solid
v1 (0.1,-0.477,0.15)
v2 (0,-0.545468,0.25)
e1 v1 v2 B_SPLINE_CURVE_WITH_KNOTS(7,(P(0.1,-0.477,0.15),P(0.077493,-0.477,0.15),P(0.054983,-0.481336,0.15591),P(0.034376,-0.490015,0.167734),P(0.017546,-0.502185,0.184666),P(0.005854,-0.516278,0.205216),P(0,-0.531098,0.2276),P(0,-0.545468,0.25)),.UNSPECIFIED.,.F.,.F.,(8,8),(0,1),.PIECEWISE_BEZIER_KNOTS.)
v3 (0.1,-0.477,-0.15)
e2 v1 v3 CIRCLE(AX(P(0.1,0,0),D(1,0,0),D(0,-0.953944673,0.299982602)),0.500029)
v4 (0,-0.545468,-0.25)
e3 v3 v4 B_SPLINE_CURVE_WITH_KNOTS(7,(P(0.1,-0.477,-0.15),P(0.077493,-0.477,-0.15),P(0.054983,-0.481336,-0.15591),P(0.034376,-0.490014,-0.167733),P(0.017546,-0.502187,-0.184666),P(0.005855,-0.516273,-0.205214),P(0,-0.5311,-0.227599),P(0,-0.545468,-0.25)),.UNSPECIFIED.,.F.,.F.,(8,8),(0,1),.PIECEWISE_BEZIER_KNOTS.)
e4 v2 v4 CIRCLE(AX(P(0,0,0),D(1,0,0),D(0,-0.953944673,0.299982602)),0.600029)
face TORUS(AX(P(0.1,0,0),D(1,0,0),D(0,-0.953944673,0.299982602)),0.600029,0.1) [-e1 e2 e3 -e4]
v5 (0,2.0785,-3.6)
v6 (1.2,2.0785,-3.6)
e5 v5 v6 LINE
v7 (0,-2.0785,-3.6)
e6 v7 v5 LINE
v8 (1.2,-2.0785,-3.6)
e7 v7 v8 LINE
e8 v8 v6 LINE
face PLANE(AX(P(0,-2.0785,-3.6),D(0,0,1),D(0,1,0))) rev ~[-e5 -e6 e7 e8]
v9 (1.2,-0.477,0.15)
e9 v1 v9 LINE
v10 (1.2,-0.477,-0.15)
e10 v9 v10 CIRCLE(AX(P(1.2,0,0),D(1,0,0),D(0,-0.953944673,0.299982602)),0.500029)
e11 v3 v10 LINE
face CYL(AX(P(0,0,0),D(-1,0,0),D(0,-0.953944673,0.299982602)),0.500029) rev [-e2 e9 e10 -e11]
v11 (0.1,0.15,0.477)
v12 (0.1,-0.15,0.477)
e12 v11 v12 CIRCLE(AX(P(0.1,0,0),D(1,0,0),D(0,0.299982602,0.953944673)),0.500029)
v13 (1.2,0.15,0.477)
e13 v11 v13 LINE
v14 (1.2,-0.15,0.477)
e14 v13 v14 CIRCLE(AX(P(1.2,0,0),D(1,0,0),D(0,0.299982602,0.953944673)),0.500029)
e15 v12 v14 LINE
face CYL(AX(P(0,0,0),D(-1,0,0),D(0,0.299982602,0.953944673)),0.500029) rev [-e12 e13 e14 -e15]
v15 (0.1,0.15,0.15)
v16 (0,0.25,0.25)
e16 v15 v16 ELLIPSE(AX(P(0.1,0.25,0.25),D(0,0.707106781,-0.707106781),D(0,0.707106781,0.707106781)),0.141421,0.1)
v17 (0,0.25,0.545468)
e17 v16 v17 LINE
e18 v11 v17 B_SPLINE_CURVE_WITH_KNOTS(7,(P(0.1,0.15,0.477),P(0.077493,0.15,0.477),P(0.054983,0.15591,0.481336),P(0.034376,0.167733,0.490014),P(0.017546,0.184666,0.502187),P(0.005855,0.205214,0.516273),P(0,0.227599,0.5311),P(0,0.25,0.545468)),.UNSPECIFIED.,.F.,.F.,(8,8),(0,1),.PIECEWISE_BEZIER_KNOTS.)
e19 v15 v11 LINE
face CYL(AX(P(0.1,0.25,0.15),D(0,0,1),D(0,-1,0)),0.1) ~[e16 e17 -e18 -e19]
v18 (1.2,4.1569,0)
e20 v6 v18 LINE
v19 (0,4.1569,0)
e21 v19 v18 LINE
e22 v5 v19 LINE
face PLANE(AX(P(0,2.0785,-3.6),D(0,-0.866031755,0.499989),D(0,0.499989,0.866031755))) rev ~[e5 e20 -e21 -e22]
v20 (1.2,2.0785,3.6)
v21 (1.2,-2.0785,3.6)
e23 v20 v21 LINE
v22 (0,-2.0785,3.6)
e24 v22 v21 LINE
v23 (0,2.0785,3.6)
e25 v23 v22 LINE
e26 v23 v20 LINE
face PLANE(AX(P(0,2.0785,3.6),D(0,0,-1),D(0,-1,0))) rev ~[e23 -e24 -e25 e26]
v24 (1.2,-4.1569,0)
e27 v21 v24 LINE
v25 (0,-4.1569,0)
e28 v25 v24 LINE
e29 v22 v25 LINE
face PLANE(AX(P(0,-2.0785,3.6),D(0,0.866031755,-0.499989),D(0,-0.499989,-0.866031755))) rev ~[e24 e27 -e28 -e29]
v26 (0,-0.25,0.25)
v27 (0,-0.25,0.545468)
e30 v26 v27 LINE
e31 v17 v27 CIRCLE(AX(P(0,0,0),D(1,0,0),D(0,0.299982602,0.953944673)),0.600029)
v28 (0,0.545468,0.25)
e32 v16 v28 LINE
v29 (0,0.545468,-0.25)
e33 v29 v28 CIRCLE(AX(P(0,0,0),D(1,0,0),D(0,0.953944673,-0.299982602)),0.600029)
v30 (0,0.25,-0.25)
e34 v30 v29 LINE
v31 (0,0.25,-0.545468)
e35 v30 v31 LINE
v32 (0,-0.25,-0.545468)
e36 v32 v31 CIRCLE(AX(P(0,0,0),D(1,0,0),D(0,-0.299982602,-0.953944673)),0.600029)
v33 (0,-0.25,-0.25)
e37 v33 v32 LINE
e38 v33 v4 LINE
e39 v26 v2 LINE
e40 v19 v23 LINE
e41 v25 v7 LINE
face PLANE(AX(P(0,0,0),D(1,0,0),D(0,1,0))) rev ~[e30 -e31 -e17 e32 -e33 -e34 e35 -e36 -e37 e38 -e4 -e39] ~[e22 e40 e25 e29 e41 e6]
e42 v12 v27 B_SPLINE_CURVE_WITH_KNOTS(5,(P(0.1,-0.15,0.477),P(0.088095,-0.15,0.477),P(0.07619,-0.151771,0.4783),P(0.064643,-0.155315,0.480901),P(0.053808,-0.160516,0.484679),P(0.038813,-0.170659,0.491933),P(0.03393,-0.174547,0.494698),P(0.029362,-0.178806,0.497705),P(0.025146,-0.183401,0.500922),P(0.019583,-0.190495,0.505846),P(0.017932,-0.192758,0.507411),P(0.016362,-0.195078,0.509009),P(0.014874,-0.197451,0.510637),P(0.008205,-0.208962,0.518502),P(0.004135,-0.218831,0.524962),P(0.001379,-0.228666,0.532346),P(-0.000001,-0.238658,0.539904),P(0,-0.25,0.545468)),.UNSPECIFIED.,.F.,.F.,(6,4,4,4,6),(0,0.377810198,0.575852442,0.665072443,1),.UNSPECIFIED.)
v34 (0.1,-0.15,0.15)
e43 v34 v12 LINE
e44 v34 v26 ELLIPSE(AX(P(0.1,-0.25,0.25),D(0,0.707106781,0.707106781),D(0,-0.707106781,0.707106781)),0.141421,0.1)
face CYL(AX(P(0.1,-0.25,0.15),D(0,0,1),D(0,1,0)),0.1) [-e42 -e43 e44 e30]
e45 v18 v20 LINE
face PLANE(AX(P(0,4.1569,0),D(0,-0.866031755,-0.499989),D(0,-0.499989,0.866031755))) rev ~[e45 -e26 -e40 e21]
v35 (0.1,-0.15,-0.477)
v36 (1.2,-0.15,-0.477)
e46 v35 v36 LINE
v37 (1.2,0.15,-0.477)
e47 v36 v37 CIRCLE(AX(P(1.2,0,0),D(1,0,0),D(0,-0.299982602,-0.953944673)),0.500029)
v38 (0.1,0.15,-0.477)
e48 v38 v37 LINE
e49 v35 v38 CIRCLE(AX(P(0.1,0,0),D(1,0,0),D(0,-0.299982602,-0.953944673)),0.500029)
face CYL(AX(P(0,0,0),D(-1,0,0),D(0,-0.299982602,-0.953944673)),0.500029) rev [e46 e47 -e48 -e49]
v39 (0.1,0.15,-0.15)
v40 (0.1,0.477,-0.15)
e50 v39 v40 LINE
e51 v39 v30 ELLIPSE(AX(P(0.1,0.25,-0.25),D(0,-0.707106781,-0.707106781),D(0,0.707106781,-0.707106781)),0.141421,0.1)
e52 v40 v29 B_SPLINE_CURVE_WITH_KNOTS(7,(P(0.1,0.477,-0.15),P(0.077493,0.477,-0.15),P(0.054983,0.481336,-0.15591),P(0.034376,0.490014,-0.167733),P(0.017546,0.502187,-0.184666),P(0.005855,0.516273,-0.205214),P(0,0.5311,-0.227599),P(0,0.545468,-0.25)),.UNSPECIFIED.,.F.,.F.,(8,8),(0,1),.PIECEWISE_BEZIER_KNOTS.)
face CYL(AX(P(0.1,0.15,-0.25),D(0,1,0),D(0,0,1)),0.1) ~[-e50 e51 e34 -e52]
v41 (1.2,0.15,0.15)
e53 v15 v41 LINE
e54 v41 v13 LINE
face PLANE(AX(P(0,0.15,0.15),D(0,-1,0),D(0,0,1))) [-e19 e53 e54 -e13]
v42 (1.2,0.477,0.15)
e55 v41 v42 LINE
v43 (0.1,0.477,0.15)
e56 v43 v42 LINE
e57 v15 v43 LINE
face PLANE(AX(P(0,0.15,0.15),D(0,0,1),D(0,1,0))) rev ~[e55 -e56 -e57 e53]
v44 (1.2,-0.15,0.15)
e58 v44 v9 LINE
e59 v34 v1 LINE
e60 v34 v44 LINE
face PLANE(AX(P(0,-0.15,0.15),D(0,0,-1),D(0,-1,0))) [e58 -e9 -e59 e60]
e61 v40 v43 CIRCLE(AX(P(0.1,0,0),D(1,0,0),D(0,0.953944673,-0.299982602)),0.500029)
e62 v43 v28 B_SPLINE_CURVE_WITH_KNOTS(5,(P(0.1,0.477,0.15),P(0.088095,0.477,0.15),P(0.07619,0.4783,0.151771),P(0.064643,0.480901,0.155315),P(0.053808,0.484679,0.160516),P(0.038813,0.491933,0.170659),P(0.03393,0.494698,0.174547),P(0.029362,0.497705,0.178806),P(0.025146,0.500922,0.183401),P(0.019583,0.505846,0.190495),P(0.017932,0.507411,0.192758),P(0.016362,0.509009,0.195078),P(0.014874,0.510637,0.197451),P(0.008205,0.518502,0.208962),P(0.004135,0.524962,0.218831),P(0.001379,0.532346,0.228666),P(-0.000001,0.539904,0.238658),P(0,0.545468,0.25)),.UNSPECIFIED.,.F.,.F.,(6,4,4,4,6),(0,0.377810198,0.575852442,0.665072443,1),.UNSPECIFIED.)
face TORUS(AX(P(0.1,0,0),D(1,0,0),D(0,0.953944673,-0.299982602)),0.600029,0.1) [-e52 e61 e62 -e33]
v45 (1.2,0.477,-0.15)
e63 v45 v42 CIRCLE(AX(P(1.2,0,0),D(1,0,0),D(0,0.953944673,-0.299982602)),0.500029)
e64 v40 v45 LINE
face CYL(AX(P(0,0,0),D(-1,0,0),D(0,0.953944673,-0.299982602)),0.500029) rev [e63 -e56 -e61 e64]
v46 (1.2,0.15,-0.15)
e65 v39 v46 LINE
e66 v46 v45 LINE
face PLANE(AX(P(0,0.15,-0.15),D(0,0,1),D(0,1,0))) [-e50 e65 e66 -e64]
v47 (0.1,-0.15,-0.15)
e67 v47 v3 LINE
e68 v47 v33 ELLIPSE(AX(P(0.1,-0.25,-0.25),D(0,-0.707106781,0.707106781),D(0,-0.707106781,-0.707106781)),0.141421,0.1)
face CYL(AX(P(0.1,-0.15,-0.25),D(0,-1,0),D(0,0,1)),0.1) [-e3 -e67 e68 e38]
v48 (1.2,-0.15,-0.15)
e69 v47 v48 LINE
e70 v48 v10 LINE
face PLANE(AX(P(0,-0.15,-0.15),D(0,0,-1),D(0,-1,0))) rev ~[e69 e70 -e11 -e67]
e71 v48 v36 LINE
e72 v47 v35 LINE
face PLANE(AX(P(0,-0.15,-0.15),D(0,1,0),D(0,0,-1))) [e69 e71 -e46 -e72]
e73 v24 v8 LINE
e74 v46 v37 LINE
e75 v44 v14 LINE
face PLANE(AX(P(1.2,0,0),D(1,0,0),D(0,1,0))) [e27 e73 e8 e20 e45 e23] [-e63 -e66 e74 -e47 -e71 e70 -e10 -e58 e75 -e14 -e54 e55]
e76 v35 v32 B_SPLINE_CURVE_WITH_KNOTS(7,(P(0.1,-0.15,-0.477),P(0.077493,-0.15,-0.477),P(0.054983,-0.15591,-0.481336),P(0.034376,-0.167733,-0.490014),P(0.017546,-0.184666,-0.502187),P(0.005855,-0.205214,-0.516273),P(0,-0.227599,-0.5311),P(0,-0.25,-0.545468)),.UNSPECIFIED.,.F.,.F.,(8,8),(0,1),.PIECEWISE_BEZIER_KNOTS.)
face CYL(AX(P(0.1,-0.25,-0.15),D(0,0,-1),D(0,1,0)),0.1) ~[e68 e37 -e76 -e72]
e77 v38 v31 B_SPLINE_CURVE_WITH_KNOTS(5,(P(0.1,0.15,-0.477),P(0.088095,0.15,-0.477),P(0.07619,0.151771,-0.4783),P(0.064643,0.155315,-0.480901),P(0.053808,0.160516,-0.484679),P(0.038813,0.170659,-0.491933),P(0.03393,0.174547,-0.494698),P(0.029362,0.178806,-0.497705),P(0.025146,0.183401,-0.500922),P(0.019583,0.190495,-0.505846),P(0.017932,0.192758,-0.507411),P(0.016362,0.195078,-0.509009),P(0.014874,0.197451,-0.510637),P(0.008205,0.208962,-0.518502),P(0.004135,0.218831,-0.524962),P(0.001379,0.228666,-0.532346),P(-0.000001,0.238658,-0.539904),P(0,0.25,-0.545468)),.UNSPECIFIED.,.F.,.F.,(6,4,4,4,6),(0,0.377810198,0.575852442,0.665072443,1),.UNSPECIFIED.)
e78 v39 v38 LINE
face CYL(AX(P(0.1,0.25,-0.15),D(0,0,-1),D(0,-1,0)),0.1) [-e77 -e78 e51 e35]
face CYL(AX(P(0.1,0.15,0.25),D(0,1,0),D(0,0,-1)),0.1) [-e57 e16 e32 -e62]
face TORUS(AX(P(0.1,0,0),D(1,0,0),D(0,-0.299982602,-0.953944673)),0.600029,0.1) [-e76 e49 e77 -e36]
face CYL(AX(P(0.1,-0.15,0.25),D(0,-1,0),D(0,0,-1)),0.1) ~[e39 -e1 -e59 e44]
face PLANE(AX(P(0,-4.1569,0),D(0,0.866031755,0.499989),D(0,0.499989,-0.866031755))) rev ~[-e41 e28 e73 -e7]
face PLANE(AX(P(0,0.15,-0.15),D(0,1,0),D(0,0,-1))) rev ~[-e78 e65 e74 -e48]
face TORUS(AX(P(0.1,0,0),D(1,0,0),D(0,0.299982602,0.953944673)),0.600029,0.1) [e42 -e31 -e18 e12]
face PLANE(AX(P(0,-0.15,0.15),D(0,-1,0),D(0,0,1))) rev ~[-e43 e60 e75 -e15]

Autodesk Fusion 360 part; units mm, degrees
sketch "Sketch1" plane through (0, 0, 0) normal (1, 0, 0) x (0, 1, 0)
  line L0 (0.15, 0.15) -> (0.15, 0.477)
  line L1 (0.15, 0.15) -> (0.477, 0.15)
  line L2 (0.15, -0.15) -> (0.477, -0.15)
  line L3 (-0.15, 0.15) -> (-0.15, 0.477)
  line L4 (-0.15, 0.15) -> (-0.477, 0.15)
  line L5 (-0.15, -0.15) -> (-0.15, -0.477)
  line L6 (-0.15, -0.15) -> (-0.477, -0.15)
  line L7 (0.15, -0.15) -> (0.15, -0.477)
  arc A0 (0.477, -0.15) -> (0.477, 0.15) centre (0, 0) ccw
  arc A1 (-0.15, -0.477) -> (0.15, -0.477) centre (0, 0) ccw
  arc A2 (0.15, 0.477) -> (-0.15, 0.477) centre (0, 0) ccw
  arc A3 (-0.477, 0.15) -> (-0.477, -0.15) centre (0, 0) ccw
  line L8 (-2.0785, 3.6) -> (-4.1569, 0)
  line L9 (-4.1569, 0) -> (-2.0785, -3.6)
  line L10 (-2.0785, -3.6) -> (2.0785, -3.6)
  line L11 (2.0785, -3.6) -> (4.1569, 0)
  line L12 (4.1569, 0) -> (2.0785, 3.6)
  line L13 (2.0785, 3.6) -> (-2.0785, 3.6)
  dimension "d6" = 0.3
  dimension "d10" = 3.6
extrude "Extrude1" add sketch "Sketch1" along normal blind 1.2
fillet "Fillet1" radius 0.1 12 edges at (0, -0.3135, -0.15) (0, -0.15, -0.3135) (0, 0, -0.5) (0, 0.15, -0.3135) (0, 0.3135, -0.15) (0, 0.5, 0) (0, 0.3135, 0.15) (0, 0.15, 0.3135) (0, 0, 0.5) (0, -0.15, 0.3135) (0, -0.3135, 0.15) (0, -0.5, 0)
